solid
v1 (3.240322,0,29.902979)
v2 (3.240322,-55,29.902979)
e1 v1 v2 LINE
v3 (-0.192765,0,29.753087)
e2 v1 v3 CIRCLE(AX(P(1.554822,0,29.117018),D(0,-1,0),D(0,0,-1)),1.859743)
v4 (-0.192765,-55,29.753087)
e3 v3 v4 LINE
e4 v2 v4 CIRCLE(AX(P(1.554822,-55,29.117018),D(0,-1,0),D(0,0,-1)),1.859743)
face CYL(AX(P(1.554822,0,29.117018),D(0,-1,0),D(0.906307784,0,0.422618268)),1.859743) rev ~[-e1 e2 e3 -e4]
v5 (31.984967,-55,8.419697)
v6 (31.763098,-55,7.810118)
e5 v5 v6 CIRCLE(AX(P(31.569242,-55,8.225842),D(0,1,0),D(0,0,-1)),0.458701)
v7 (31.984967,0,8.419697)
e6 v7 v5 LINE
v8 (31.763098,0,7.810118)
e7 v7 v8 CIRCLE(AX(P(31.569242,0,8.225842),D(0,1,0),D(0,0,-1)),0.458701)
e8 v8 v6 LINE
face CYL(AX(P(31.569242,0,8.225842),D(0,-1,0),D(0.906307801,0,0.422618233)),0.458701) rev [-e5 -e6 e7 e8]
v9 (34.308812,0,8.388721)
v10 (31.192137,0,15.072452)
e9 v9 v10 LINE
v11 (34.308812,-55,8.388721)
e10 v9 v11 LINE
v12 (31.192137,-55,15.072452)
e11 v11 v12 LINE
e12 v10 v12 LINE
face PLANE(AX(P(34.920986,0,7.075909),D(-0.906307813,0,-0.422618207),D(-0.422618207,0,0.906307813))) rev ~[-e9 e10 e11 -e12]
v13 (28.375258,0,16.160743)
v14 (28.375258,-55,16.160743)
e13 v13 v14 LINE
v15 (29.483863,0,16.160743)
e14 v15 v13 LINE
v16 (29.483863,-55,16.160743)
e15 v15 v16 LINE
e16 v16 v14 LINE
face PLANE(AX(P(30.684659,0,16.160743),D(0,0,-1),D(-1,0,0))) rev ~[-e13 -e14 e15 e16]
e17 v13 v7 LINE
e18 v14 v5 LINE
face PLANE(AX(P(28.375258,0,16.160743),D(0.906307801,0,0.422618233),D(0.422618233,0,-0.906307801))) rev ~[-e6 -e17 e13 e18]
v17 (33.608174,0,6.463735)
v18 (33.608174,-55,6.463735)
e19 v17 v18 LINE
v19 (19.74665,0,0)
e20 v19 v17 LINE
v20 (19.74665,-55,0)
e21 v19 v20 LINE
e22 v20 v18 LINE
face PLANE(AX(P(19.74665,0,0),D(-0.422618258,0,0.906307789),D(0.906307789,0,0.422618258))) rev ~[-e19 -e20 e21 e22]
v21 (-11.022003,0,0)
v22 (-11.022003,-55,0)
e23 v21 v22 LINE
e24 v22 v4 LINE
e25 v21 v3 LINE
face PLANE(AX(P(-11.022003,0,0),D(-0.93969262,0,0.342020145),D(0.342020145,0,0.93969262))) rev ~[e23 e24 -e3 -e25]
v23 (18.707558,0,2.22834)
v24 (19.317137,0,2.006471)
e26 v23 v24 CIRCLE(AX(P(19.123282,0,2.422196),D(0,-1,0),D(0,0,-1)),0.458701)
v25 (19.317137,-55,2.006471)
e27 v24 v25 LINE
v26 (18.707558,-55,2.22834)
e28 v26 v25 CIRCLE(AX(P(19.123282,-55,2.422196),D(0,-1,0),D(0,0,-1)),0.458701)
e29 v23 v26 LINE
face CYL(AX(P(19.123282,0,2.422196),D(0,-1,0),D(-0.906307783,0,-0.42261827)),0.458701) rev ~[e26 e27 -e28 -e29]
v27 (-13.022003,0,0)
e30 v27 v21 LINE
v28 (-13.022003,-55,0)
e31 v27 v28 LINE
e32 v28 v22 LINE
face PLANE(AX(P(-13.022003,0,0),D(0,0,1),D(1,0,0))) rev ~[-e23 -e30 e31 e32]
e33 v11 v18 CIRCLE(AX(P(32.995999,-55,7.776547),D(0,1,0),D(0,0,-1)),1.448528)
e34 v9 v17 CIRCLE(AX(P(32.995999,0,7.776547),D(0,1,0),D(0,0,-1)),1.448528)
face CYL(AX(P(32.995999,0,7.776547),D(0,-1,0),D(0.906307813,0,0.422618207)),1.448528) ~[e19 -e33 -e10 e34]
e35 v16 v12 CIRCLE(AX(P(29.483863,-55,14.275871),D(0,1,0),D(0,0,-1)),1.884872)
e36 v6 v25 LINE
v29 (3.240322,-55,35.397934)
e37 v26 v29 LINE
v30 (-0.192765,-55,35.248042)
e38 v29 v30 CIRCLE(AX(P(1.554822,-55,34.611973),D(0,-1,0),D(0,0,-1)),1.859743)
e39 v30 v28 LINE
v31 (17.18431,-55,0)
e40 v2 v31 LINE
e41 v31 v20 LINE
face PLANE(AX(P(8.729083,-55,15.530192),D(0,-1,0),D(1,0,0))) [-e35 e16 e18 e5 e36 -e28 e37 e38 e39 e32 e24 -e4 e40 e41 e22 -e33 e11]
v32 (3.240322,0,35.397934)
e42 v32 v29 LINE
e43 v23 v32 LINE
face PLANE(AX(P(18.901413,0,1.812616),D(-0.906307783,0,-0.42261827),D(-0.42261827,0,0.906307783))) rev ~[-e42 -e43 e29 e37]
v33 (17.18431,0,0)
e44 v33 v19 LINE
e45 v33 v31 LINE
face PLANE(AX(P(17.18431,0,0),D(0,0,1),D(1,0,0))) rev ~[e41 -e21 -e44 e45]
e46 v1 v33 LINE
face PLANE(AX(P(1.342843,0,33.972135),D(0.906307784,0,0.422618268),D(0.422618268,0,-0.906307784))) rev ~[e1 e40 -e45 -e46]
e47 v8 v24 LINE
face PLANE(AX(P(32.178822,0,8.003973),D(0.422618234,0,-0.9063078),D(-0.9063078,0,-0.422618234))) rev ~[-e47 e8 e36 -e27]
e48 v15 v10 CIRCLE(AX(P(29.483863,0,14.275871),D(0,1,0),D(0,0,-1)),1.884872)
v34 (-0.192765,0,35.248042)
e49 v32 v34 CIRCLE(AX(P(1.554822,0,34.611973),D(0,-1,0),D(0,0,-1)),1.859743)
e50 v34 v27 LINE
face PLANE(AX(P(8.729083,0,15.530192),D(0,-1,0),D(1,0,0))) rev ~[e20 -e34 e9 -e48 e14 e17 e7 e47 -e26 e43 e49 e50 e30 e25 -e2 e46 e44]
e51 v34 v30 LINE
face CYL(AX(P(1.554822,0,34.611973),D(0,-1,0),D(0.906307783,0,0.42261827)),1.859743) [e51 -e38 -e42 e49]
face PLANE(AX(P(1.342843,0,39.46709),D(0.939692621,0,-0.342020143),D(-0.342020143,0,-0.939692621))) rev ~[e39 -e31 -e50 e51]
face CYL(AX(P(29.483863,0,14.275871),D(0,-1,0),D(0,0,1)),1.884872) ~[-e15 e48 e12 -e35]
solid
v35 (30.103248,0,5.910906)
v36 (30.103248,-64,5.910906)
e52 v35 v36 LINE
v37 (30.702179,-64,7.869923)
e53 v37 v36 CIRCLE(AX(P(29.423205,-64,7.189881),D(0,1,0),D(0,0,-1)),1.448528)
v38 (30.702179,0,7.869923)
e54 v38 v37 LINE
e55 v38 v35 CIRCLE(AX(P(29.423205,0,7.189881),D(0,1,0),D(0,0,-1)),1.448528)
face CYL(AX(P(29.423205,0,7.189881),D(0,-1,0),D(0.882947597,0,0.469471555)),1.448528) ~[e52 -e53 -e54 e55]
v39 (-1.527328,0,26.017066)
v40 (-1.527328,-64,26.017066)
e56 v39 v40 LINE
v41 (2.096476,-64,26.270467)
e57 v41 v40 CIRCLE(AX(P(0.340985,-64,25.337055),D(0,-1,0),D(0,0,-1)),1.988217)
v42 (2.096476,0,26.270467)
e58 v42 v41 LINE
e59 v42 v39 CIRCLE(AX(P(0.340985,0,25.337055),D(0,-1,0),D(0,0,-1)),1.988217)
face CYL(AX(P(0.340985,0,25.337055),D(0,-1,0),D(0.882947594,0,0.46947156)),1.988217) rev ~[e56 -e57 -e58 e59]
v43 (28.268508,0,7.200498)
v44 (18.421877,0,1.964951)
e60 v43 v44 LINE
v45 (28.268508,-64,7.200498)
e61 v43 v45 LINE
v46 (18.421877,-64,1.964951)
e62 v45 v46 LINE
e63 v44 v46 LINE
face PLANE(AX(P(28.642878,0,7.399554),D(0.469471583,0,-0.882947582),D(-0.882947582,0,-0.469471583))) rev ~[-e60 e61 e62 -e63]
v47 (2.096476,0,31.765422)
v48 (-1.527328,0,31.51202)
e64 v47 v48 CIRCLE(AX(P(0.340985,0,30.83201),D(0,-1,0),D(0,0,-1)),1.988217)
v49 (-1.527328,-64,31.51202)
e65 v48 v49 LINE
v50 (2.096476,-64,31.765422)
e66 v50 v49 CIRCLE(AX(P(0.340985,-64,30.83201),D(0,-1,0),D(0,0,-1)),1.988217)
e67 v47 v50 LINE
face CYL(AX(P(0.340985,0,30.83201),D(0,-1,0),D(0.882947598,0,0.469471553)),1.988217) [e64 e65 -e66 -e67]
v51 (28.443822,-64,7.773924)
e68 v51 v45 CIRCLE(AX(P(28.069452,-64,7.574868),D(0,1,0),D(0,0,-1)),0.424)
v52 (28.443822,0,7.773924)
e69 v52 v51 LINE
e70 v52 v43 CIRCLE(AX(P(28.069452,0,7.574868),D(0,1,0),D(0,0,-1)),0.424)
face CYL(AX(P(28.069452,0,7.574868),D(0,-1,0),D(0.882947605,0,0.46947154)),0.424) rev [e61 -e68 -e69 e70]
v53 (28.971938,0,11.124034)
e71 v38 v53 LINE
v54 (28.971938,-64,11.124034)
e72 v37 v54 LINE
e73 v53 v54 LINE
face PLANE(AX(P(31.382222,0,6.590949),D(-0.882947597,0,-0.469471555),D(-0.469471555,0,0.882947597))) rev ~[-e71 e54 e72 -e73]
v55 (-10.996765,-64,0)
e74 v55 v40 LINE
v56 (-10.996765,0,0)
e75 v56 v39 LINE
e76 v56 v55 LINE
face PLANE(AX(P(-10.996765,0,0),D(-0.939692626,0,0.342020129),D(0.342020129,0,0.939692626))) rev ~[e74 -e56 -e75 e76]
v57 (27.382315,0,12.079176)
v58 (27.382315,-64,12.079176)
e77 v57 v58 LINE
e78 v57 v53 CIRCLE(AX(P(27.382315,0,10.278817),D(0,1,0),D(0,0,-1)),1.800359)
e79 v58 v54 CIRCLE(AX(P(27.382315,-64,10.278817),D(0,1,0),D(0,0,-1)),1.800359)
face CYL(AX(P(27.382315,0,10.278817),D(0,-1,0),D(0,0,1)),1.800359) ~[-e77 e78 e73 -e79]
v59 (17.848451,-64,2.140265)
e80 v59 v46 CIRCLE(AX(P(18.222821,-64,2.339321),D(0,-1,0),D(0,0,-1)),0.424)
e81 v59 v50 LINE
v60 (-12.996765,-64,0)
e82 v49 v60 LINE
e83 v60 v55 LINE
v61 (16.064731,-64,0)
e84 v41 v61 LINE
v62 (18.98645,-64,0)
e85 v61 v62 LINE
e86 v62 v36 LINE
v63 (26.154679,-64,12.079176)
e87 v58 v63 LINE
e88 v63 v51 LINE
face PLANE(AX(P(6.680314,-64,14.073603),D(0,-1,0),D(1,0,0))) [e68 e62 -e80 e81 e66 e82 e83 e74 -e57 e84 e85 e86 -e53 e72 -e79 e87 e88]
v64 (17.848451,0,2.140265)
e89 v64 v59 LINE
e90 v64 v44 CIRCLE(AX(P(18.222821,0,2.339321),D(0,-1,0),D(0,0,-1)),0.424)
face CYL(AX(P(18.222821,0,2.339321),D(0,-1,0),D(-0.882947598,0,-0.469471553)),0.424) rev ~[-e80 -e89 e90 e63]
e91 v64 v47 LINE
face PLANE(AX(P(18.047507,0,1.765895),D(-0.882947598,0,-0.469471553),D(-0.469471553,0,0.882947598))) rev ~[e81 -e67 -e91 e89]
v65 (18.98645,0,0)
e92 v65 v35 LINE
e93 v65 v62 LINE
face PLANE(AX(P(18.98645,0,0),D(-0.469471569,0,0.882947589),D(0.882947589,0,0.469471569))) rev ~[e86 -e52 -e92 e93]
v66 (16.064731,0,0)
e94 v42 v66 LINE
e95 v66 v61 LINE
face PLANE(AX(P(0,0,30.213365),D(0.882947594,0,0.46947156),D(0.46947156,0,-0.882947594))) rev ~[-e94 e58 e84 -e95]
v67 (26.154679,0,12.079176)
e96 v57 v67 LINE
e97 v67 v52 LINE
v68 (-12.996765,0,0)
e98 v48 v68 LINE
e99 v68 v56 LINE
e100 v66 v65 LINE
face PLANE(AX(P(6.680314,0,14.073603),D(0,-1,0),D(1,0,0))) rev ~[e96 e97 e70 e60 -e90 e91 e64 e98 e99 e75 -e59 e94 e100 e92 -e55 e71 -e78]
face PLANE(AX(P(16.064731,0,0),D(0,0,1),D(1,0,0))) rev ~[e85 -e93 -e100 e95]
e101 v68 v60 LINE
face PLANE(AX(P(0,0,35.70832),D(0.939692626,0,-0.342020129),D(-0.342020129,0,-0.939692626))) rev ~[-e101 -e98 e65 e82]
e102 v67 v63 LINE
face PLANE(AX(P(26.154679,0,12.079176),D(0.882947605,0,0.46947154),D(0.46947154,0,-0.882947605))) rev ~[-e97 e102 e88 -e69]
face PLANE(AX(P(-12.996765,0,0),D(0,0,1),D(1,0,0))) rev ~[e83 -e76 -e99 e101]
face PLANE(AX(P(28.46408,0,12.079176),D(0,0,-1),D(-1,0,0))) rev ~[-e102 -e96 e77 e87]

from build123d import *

# Parameters (mm, degrees)
F1_DEPTH = 64
F2_R     = 1.988217
F3_R     = 0.424
F4_R     = 1.800359
F5_R     = 1.448528
F7_DEPTH = 55
F8_R     = 1.859743
F9_R     = 0.458701
F10_R    = 1.884872
F11_R    = 1.448528


with BuildPart() as f1:
    # F0 (on Front) → F1 (new body)
    with BuildSketch(Plane.XZ):
        Polygon((0, 30.213365), (16.064731, 0), (18.98645, 0), (31.382222, 6.590949), (28.46408, 12.079176), (26.154679, 12.079176), (28.642878, 7.399554), (18.047507, 1.765895), (0, 35.70832), (-12.996765, 0), (-10.996765, 0), align=None)
    extrude(amount=F1_DEPTH)

    # F2
    f2_edges = [f1.edges().sort_by_distance(p)[0] for p in [
        (0, -32, 30.213365),
        (0, -32, 35.70832),
    ]]
    fillet(f2_edges, radius=F2_R)

    # F3
    f3_edges = [f1.edges().sort_by_distance(p)[0] for p in [
        (18.047507, -32, 1.765895),
        (28.642878, -32, 7.399554),
    ]]
    fillet(f3_edges, radius=F3_R)

    # F4
    f4_edges = [f1.edges().sort_by_distance(p)[0] for p in [
        (28.46408, -32, 12.079176),
    ]]
    fillet(f4_edges, radius=F4_R)

    # F5
    f5_edges = [f1.edges().sort_by_distance(p)[0] for p in [
        (31.382222, -32, 6.590949),
    ]]
    fillet(f5_edges, radius=F5_R)


with BuildPart() as f7:
    # F6 (on Front) → F7 (new body)
    with BuildSketch(Plane.XZ):
        Polygon((1.342843, 33.972135), (17.18431, 0), (19.74665, 0), (34.920986, 7.075909), (30.684659, 16.160743), (28.375258, 16.160743), (32.178822, 8.003973), (18.901413, 1.812616), (1.342843, 39.46709), (-13.022003, 0), (-11.022003, 0), align=None)
    extrude(amount=F7_DEPTH)

    # F8
    f8_edges = [f7.edges().sort_by_distance(p)[0] for p in [
        (1.342843, -27.5, 39.46709),
        (1.342843, -27.5, 33.972135),
    ]]
    fillet(f8_edges, radius=F8_R)

    # F9
    f9_edges = [f7.edges().sort_by_distance(p)[0] for p in [
        (18.901413, -27.5, 1.812616),
        (32.178822, -27.5, 8.003973),
    ]]
    fillet(f9_edges, radius=F9_R)

    # F10
    f10_edges = [f7.edges().sort_by_distance(p)[0] for p in [
        (30.684659, -27.5, 16.160743),
    ]]
    fillet(f10_edges, radius=F10_R)

    # F11
    f11_edges = [f7.edges().sort_by_distance(p)[0] for p in [
        (34.920986, -27.5, 7.075909),
    ]]
    fillet(f11_edges, radius=F11_R)


solid = Compound([f1.part, f7.part])
